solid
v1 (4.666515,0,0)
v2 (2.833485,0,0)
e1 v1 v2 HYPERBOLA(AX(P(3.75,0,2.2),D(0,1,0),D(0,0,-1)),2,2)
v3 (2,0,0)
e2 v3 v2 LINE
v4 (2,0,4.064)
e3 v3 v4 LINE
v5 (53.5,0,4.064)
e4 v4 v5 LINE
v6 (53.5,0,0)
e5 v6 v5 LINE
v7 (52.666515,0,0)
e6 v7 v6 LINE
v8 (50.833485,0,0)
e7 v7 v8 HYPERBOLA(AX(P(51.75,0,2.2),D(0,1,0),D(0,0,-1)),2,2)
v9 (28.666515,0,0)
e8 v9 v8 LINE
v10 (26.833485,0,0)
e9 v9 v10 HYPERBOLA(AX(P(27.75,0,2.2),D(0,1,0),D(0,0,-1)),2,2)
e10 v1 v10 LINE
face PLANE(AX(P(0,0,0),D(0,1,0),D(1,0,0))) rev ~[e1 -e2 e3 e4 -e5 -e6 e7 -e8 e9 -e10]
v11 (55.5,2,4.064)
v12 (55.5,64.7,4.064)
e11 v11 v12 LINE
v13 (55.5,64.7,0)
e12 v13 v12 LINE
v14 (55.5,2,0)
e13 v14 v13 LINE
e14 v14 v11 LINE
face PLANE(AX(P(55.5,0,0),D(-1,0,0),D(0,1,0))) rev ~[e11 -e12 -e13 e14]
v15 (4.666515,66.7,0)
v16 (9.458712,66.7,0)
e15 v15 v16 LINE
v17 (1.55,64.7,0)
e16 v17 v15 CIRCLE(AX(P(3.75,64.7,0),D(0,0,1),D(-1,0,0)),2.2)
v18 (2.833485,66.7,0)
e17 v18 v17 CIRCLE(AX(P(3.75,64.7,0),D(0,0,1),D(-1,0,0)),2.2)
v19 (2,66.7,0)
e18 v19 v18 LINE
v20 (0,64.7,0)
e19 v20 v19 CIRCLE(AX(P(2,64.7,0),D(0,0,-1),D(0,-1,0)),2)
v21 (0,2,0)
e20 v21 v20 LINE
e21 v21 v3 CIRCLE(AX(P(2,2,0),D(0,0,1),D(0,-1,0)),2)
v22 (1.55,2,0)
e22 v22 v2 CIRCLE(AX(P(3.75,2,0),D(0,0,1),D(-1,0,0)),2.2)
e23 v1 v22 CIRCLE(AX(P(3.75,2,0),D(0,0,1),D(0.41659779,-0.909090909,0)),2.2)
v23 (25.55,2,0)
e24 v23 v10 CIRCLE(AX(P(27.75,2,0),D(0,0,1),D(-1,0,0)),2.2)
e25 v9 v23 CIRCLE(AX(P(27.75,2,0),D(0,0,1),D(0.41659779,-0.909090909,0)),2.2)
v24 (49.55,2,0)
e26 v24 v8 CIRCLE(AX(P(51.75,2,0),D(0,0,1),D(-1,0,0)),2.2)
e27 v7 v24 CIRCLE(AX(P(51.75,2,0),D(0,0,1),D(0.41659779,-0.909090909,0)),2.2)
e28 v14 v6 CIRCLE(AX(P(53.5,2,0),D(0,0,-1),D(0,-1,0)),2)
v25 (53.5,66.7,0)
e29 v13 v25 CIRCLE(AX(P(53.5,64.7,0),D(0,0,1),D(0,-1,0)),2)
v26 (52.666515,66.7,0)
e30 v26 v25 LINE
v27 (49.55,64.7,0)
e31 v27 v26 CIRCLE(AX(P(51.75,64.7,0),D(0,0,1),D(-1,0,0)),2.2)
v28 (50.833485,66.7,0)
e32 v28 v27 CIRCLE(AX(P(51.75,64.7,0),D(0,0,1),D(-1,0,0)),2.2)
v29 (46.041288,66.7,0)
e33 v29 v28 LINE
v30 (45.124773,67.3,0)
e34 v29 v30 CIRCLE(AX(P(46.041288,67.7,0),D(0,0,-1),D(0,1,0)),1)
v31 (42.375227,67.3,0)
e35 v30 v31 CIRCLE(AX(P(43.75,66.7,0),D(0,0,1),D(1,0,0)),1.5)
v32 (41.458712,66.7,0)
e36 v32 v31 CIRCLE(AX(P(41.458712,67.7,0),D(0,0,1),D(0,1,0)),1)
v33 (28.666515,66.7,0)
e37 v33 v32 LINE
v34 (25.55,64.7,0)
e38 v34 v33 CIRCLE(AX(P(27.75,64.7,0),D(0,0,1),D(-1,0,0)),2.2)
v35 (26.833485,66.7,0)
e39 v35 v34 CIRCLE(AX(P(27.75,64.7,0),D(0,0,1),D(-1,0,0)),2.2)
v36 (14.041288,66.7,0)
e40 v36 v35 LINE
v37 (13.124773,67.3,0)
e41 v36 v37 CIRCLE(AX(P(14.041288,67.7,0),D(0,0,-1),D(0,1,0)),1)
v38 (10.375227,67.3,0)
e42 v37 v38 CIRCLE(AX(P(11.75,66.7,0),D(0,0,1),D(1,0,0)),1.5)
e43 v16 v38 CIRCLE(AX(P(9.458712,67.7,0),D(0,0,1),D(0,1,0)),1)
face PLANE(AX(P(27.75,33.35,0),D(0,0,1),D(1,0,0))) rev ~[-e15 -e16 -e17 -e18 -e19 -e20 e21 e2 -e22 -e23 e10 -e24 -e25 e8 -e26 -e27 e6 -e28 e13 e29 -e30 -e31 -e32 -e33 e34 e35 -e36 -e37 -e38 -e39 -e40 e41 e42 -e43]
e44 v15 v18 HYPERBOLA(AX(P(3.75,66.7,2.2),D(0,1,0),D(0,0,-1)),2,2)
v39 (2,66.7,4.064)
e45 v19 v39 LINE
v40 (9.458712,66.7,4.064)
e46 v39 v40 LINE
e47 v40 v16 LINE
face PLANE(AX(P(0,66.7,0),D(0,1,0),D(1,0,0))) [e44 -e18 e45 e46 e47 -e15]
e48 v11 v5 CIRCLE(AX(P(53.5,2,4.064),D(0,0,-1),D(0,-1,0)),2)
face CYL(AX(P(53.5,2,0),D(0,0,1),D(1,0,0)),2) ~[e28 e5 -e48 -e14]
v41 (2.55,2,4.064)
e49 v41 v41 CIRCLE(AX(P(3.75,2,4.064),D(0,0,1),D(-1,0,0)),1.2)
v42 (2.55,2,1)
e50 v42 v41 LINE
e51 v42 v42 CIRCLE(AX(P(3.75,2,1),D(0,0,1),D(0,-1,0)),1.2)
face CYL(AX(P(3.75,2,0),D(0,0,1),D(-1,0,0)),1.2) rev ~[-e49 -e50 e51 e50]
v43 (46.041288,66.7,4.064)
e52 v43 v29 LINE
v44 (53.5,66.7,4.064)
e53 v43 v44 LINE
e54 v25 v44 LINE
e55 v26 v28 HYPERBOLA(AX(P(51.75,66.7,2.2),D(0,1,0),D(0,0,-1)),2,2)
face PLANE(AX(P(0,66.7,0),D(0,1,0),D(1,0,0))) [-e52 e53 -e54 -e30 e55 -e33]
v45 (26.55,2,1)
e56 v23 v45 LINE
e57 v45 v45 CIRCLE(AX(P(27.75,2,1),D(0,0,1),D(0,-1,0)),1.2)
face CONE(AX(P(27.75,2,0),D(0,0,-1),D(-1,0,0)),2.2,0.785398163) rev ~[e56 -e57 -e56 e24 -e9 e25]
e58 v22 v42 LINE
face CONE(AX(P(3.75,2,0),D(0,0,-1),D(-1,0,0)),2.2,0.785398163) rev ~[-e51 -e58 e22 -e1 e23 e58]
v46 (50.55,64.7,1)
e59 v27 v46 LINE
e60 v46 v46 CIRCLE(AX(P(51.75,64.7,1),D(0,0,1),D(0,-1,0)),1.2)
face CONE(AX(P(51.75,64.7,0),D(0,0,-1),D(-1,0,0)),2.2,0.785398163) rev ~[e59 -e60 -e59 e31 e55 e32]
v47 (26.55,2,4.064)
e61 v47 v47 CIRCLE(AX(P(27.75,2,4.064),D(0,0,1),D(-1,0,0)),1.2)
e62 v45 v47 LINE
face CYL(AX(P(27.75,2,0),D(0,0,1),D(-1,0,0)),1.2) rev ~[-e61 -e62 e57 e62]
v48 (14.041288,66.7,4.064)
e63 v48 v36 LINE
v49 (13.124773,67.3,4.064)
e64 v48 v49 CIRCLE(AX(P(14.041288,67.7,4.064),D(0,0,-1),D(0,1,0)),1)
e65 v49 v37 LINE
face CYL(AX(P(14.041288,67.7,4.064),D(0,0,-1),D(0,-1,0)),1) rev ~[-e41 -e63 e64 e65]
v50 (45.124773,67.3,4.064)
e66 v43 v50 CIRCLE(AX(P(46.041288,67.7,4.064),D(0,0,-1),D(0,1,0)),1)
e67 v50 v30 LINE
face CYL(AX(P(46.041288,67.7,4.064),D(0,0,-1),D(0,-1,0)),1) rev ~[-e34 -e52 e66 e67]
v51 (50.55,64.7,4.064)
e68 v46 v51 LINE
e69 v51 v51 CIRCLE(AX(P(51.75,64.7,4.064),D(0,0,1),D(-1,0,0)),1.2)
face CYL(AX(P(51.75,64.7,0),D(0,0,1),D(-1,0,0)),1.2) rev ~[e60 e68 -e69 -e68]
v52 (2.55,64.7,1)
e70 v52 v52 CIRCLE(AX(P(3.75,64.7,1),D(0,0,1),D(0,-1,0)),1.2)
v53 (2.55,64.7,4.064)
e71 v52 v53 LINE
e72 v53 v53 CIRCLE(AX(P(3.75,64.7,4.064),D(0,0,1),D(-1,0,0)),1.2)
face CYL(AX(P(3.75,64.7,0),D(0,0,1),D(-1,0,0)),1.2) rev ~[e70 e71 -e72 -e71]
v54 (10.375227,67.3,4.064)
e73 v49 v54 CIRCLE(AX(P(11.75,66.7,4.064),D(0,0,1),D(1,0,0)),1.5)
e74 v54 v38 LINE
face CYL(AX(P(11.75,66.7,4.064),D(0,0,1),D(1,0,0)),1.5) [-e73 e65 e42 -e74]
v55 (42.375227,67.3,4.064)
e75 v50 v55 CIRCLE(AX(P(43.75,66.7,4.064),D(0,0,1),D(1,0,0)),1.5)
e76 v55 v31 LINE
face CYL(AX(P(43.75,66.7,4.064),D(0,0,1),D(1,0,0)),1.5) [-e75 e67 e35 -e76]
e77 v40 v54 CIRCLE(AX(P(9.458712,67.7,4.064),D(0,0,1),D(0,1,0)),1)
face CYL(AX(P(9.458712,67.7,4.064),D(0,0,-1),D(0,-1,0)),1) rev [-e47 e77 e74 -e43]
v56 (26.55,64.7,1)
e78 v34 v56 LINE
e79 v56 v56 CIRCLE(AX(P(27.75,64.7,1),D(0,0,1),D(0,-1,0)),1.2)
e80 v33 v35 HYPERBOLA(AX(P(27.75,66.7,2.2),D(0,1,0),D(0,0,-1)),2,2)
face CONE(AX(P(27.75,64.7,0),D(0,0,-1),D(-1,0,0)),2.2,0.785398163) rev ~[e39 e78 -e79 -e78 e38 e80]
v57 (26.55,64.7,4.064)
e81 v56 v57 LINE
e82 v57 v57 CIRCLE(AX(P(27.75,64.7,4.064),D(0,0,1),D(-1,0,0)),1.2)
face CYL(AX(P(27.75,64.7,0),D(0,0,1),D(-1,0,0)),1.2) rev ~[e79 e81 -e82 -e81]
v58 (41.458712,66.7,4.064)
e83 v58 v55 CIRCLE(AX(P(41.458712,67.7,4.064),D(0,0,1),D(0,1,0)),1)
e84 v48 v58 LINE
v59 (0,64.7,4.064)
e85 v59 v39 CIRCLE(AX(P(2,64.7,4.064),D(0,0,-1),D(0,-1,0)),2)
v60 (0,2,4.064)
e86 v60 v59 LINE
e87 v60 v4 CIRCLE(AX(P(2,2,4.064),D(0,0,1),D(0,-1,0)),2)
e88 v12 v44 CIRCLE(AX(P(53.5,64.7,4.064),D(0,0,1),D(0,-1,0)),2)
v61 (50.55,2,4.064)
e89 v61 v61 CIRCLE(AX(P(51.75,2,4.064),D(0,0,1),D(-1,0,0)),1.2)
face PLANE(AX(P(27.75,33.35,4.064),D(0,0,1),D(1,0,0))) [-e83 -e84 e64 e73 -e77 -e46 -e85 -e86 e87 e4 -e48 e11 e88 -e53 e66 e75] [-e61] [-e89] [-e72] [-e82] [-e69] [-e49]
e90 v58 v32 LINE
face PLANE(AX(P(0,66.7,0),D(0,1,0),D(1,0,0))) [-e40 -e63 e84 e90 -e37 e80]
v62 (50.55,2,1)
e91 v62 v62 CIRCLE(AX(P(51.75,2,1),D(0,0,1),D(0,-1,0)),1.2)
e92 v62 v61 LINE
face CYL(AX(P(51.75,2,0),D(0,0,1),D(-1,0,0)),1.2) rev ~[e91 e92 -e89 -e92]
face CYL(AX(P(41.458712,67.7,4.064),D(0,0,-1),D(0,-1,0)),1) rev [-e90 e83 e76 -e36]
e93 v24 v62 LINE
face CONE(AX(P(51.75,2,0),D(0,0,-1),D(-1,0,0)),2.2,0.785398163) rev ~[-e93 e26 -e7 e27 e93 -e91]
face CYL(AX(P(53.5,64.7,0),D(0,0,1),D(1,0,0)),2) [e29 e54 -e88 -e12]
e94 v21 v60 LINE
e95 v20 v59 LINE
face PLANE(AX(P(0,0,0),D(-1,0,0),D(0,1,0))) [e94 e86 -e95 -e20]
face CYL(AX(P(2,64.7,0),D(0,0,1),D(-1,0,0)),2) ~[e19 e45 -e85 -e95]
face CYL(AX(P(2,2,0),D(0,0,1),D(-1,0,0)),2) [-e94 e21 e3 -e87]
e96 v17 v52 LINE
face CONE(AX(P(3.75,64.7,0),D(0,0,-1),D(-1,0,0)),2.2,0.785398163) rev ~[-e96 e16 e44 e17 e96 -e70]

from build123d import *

# Parameters (mm, degrees)
SKETCH1_W                                       = 55.5
SKETCH1_H                                       = 66.7
BOSS_EXTRUDE1_DEPTH                             = 4.064
CSK_FOR_M2_FLAT_HEAD_MACHINE_SCREW3_D           = 2.4
CSK_FOR_M2_FLAT_HEAD_MACHINE_SCREW3_CSINK_D     = 4.4
CSK_FOR_M2_FLAT_HEAD_MACHINE_SCREW3_CSINK_ANGLE = 90
FILLET1_R                                       = 2
BOSS_EXTRUDE3_DEPTH                             = 4.064
FILLET2_R                                       = 1


with BuildPart() as part:
    # Sketch1 → Boss-Extrude1 (new body)
    with BuildSketch(Plane.XY):
        with Locations((27.75, 33.35)):
            Rectangle(SKETCH1_W, SKETCH1_H)
    extrude(amount=BOSS_EXTRUDE1_DEPTH)

    # CSK for M2 Flat Head Machine Screw3 (through all)
    with Locations(Plane(origin=(2.783474674, 10.392611329, 0), x_dir=(1, 0, 0), z_dir=(0, 0, -1))):
        with Locations((0.966525326, -54.307388671), (24.966525326, -54.307388671), (48.966525326, -54.307388671), (0.966525326, 8.392611329), (24.966525326, 8.392611329), (48.966525326, 8.392611329)):
            CounterSinkHole(CSK_FOR_M2_FLAT_HEAD_MACHINE_SCREW3_D / 2, CSK_FOR_M2_FLAT_HEAD_MACHINE_SCREW3_CSINK_D / 2, counter_sink_angle=CSK_FOR_M2_FLAT_HEAD_MACHINE_SCREW3_CSINK_ANGLE)

    # Fillet1
    fillet1_edges = [part.edges().sort_by_distance(p)[0] for p in [
        (0, 66.7, 2.032),
        (55.5, 66.7, 2.032),
        (55.5, 0, 2.032),
        (0, 0, 2.032),
    ]]
    fillet(fillet1_edges, radius=FILLET1_R)

    # Sketch7 → Boss-Extrude3 (add, through all)
    with BuildSketch(Plane.XY.offset(4.064)):
        with BuildLine():
            Line((10.25, 66.7), (13.25, 66.7))
            ThreePointArc((13.25, 66.7), (11.75, 68.2), (10.25, 66.7))
        make_face()
        with BuildLine():
            Line((42.25, 66.7), (45.25, 66.7))
            ThreePointArc((45.25, 66.7), (43.75, 68.2), (42.25, 66.7))
        make_face()
    extrude(amount=-BOSS_EXTRUDE3_DEPTH)

    # Fillet2
    fillet2_edges = [part.edges().sort_by_distance(p)[0] for p in [
        (10.25, 66.7, 2.032),
        (13.25, 66.7, 2.032),
        (42.25, 66.7, 2.032),
        (45.25, 66.7, 2.032),
    ]]
    fillet(fillet2_edges, radius=FILLET2_R)


solid = part.part
